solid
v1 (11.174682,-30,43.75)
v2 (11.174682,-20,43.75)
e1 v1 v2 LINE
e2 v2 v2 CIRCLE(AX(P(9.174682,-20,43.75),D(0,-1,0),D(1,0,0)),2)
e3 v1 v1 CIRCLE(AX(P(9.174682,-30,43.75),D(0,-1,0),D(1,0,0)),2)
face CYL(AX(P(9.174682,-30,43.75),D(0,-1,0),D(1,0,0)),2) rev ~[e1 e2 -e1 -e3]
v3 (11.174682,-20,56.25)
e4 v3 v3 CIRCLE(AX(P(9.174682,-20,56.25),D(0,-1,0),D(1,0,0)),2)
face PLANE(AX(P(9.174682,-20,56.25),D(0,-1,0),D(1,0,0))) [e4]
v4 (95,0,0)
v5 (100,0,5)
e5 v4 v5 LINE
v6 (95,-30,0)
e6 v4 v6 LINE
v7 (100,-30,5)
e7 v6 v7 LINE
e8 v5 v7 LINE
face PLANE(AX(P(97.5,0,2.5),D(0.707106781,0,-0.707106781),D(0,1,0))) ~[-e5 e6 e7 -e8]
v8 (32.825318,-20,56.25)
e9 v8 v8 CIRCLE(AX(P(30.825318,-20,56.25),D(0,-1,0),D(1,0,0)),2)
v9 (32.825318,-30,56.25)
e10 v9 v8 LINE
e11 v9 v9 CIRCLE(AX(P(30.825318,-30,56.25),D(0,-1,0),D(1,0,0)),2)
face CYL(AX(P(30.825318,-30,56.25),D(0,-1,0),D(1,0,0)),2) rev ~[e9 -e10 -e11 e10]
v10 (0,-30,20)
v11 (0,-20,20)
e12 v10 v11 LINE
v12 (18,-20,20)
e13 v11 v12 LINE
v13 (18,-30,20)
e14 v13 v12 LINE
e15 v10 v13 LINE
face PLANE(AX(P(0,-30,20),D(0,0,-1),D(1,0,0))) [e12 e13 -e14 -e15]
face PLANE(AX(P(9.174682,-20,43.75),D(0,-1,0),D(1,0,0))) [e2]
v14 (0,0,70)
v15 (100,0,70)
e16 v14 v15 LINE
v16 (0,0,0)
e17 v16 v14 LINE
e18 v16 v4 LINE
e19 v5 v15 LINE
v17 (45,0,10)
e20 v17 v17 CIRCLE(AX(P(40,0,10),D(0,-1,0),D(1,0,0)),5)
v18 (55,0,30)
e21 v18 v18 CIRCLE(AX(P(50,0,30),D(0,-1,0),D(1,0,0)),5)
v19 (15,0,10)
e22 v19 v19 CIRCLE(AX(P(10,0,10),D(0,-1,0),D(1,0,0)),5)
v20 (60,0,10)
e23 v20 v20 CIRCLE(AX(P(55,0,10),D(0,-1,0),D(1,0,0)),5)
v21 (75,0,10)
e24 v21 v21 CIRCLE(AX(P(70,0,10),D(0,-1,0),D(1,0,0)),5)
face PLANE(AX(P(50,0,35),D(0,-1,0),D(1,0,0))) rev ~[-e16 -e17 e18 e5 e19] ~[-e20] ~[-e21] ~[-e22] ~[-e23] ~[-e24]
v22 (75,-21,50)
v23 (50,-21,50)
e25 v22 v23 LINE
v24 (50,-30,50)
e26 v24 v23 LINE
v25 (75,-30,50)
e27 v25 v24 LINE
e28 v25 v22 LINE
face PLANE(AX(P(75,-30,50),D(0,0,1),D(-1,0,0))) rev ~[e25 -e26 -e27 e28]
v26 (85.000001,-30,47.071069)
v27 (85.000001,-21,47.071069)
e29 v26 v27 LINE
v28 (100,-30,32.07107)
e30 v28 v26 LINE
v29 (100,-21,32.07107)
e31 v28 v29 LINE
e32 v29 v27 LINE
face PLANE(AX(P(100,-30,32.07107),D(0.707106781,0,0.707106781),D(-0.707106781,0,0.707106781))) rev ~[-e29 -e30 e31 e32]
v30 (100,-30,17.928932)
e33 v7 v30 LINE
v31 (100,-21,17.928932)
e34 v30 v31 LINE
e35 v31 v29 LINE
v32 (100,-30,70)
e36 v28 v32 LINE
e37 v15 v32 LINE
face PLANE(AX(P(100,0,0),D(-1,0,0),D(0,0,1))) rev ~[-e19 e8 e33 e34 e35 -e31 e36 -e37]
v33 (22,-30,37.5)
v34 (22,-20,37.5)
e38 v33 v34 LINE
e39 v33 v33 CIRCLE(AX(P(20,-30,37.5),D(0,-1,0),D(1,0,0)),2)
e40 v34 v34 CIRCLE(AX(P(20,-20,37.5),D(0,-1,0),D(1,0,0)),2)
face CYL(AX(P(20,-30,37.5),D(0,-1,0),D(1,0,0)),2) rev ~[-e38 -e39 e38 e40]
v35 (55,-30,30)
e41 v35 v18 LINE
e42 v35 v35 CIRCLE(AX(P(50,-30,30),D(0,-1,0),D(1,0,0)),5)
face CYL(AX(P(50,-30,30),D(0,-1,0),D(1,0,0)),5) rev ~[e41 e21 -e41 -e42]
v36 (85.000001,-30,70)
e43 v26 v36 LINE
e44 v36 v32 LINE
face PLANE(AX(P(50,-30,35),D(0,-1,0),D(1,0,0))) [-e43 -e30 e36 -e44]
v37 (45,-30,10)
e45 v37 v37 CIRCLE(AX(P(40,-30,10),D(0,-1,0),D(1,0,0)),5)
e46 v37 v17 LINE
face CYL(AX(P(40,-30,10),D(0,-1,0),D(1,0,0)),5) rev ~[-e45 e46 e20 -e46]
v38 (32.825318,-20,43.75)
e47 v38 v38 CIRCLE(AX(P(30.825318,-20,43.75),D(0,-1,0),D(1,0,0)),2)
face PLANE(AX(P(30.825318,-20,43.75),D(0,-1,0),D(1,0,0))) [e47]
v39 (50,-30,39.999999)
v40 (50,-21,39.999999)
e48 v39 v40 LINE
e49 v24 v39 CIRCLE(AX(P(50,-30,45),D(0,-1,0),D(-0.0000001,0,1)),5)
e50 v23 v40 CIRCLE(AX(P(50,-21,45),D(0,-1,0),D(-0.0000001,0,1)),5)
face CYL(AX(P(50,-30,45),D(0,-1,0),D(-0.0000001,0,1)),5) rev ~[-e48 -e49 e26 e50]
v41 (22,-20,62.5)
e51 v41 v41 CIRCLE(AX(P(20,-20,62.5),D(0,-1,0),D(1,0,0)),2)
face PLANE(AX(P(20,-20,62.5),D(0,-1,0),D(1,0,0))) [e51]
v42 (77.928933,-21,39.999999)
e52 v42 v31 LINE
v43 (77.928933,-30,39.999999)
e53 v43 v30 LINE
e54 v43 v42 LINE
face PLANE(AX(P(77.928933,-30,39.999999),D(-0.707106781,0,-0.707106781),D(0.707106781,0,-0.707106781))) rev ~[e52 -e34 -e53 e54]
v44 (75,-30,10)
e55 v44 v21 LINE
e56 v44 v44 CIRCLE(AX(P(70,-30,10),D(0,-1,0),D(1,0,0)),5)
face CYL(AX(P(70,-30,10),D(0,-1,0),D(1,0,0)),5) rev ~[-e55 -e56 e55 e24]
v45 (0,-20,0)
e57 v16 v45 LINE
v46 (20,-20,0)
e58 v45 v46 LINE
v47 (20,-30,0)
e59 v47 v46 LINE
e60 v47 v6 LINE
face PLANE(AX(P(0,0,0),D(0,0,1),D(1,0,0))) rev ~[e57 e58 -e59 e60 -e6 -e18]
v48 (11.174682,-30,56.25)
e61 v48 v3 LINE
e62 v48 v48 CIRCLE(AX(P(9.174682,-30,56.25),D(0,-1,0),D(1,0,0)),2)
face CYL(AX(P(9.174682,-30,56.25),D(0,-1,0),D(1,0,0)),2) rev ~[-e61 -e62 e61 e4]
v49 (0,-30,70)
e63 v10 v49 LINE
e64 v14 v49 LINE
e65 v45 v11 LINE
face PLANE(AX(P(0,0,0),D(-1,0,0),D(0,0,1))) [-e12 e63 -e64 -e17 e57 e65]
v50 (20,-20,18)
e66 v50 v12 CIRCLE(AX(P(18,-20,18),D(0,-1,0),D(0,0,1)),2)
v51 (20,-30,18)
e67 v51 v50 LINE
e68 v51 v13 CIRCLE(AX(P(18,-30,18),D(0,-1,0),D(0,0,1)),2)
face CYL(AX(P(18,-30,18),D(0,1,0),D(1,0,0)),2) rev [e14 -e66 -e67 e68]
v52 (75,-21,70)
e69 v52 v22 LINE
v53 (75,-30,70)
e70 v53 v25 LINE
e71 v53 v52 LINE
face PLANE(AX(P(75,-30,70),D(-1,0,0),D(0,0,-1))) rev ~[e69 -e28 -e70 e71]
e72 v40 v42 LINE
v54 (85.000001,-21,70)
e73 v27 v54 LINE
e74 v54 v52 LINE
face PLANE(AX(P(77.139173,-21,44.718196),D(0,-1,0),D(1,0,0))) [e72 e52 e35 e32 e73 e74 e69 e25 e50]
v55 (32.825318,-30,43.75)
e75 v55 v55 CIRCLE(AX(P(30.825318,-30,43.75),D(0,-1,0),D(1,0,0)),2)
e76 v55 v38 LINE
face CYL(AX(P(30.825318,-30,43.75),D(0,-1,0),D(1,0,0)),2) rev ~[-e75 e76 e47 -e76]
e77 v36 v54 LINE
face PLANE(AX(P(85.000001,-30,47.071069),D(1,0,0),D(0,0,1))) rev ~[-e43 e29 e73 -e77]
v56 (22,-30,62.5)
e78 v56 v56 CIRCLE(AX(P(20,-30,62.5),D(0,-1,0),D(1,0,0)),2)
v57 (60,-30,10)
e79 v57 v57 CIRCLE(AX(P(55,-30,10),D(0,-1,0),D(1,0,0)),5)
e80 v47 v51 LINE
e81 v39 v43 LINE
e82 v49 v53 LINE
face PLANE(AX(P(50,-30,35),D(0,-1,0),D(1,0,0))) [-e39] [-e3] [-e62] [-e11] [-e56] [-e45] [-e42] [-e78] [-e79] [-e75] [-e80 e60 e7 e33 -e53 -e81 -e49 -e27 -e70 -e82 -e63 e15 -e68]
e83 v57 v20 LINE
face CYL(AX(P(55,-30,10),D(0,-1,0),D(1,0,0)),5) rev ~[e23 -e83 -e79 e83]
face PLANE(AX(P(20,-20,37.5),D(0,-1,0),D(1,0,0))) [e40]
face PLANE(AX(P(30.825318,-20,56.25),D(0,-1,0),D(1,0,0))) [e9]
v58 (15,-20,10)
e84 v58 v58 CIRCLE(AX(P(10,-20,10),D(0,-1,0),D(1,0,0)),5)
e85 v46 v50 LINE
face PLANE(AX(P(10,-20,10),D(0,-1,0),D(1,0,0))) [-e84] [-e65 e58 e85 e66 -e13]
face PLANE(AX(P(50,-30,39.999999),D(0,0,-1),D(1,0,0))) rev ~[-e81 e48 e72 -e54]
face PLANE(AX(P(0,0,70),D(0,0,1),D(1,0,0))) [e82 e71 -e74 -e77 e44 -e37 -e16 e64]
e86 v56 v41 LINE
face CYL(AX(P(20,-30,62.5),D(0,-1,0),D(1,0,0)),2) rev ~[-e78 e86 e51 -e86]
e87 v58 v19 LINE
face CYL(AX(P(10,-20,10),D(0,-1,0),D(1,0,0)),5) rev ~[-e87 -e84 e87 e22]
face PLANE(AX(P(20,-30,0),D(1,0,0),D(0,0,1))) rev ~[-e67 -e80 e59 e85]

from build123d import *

# Parameters (mm, degrees)
F0_W      = 100
F0_H      = 70
F1_DEPTH  = 30
F3_DEPTH  = 9
F4_W      = 20
F4_H      = 20
F5_DEPTH  = 10
F6_R      = 5
F7_DEPTH  = 25
F8_R      = 2
F9_DEPTH  = 10
F10_R     = 5
F11_DEPTH = 41.45141
F12_SIZE  = 5
F13_R     = 2


with BuildPart() as f1:
    # F0 (on Front) → F1 (new body)
    with BuildSketch(Plane.XZ):
        with Locations((50, 35)):
            Rectangle(F0_W, F0_H)
    extrude(amount=F1_DEPTH)

    # F2 (on face) → F3 (cut)
    with BuildSketch(Plane.XZ.offset(30)):
        with BuildLine():
            Line((85.000001, 70), (75, 70))
            Line((75, 70), (75, 50))
            Line((75, 50), (50, 50))
            ThreePointArc((50, 50), (45, 45), (50, 39.999999))
            Line((50, 39.999999), (77.928933, 39.999999))
            Line((77.928933, 39.999999), (100, 17.928932))
            Line((100, 17.928932), (100, 32.07107))
            Line((100, 32.07107), (85.000001, 47.071069))
            Line((85.000001, 47.071069), (85.000001, 70))
        make_face()
    extrude(amount=-F3_DEPTH, mode=Mode.SUBTRACT)

    # F4 (on face) → F5 (cut)
    with BuildSketch(Plane.XZ.offset(30)):
        with Locations((10, 10)):
            Rectangle(F4_W, F4_H)
    extrude(amount=-F5_DEPTH, mode=Mode.SUBTRACT)

    # F6 (on face) → F7 (cut)
    with BuildSketch(Plane.XZ.offset(20)):
        with Locations((10, 10)):
            Circle(F6_R)
    extrude(amount=-F7_DEPTH, mode=Mode.SUBTRACT)

    # F8 (on face) → F9 (cut)
    with BuildSketch(Plane.XZ.offset(30)):
        with Locations((20, 62.5)):
            Circle(F8_R)
        with Locations((9.174682, 56.25)):
            Circle(F8_R)
        with Locations((9.174682, 43.75)):
            Circle(F8_R)
        with Locations((20, 37.5)):
            Circle(F8_R)
        with Locations((30.825318, 43.75)):
            Circle(F8_R)
        with Locations((30.825318, 56.25)):
            Circle(F8_R)
    extrude(amount=-F9_DEPTH, mode=Mode.SUBTRACT)

    # F10 (on face) → F11 (cut)
    with BuildSketch(Plane.XZ.offset(30)):
        with Locations((40, 10)):
            Circle(F10_R)
        with Locations((55, 10)):
            Circle(F10_R)
        with Locations((70, 10)):
            Circle(F10_R)
        with Locations((50, 30)):
            Circle(F10_R)
    extrude(amount=-F11_DEPTH, mode=Mode.SUBTRACT)

    # F12
    f12_edges = [f1.edges().sort_by_distance(p)[0] for p in [
        (100, -15, 0),
    ]]
    chamfer(f12_edges, length=F12_SIZE)

    # F13
    f13_edges = [f1.edges().sort_by_distance(p)[0] for p in [
        (20, -25, 20),
    ]]
    fillet(f13_edges, radius=F13_R)


solid = f1.part
